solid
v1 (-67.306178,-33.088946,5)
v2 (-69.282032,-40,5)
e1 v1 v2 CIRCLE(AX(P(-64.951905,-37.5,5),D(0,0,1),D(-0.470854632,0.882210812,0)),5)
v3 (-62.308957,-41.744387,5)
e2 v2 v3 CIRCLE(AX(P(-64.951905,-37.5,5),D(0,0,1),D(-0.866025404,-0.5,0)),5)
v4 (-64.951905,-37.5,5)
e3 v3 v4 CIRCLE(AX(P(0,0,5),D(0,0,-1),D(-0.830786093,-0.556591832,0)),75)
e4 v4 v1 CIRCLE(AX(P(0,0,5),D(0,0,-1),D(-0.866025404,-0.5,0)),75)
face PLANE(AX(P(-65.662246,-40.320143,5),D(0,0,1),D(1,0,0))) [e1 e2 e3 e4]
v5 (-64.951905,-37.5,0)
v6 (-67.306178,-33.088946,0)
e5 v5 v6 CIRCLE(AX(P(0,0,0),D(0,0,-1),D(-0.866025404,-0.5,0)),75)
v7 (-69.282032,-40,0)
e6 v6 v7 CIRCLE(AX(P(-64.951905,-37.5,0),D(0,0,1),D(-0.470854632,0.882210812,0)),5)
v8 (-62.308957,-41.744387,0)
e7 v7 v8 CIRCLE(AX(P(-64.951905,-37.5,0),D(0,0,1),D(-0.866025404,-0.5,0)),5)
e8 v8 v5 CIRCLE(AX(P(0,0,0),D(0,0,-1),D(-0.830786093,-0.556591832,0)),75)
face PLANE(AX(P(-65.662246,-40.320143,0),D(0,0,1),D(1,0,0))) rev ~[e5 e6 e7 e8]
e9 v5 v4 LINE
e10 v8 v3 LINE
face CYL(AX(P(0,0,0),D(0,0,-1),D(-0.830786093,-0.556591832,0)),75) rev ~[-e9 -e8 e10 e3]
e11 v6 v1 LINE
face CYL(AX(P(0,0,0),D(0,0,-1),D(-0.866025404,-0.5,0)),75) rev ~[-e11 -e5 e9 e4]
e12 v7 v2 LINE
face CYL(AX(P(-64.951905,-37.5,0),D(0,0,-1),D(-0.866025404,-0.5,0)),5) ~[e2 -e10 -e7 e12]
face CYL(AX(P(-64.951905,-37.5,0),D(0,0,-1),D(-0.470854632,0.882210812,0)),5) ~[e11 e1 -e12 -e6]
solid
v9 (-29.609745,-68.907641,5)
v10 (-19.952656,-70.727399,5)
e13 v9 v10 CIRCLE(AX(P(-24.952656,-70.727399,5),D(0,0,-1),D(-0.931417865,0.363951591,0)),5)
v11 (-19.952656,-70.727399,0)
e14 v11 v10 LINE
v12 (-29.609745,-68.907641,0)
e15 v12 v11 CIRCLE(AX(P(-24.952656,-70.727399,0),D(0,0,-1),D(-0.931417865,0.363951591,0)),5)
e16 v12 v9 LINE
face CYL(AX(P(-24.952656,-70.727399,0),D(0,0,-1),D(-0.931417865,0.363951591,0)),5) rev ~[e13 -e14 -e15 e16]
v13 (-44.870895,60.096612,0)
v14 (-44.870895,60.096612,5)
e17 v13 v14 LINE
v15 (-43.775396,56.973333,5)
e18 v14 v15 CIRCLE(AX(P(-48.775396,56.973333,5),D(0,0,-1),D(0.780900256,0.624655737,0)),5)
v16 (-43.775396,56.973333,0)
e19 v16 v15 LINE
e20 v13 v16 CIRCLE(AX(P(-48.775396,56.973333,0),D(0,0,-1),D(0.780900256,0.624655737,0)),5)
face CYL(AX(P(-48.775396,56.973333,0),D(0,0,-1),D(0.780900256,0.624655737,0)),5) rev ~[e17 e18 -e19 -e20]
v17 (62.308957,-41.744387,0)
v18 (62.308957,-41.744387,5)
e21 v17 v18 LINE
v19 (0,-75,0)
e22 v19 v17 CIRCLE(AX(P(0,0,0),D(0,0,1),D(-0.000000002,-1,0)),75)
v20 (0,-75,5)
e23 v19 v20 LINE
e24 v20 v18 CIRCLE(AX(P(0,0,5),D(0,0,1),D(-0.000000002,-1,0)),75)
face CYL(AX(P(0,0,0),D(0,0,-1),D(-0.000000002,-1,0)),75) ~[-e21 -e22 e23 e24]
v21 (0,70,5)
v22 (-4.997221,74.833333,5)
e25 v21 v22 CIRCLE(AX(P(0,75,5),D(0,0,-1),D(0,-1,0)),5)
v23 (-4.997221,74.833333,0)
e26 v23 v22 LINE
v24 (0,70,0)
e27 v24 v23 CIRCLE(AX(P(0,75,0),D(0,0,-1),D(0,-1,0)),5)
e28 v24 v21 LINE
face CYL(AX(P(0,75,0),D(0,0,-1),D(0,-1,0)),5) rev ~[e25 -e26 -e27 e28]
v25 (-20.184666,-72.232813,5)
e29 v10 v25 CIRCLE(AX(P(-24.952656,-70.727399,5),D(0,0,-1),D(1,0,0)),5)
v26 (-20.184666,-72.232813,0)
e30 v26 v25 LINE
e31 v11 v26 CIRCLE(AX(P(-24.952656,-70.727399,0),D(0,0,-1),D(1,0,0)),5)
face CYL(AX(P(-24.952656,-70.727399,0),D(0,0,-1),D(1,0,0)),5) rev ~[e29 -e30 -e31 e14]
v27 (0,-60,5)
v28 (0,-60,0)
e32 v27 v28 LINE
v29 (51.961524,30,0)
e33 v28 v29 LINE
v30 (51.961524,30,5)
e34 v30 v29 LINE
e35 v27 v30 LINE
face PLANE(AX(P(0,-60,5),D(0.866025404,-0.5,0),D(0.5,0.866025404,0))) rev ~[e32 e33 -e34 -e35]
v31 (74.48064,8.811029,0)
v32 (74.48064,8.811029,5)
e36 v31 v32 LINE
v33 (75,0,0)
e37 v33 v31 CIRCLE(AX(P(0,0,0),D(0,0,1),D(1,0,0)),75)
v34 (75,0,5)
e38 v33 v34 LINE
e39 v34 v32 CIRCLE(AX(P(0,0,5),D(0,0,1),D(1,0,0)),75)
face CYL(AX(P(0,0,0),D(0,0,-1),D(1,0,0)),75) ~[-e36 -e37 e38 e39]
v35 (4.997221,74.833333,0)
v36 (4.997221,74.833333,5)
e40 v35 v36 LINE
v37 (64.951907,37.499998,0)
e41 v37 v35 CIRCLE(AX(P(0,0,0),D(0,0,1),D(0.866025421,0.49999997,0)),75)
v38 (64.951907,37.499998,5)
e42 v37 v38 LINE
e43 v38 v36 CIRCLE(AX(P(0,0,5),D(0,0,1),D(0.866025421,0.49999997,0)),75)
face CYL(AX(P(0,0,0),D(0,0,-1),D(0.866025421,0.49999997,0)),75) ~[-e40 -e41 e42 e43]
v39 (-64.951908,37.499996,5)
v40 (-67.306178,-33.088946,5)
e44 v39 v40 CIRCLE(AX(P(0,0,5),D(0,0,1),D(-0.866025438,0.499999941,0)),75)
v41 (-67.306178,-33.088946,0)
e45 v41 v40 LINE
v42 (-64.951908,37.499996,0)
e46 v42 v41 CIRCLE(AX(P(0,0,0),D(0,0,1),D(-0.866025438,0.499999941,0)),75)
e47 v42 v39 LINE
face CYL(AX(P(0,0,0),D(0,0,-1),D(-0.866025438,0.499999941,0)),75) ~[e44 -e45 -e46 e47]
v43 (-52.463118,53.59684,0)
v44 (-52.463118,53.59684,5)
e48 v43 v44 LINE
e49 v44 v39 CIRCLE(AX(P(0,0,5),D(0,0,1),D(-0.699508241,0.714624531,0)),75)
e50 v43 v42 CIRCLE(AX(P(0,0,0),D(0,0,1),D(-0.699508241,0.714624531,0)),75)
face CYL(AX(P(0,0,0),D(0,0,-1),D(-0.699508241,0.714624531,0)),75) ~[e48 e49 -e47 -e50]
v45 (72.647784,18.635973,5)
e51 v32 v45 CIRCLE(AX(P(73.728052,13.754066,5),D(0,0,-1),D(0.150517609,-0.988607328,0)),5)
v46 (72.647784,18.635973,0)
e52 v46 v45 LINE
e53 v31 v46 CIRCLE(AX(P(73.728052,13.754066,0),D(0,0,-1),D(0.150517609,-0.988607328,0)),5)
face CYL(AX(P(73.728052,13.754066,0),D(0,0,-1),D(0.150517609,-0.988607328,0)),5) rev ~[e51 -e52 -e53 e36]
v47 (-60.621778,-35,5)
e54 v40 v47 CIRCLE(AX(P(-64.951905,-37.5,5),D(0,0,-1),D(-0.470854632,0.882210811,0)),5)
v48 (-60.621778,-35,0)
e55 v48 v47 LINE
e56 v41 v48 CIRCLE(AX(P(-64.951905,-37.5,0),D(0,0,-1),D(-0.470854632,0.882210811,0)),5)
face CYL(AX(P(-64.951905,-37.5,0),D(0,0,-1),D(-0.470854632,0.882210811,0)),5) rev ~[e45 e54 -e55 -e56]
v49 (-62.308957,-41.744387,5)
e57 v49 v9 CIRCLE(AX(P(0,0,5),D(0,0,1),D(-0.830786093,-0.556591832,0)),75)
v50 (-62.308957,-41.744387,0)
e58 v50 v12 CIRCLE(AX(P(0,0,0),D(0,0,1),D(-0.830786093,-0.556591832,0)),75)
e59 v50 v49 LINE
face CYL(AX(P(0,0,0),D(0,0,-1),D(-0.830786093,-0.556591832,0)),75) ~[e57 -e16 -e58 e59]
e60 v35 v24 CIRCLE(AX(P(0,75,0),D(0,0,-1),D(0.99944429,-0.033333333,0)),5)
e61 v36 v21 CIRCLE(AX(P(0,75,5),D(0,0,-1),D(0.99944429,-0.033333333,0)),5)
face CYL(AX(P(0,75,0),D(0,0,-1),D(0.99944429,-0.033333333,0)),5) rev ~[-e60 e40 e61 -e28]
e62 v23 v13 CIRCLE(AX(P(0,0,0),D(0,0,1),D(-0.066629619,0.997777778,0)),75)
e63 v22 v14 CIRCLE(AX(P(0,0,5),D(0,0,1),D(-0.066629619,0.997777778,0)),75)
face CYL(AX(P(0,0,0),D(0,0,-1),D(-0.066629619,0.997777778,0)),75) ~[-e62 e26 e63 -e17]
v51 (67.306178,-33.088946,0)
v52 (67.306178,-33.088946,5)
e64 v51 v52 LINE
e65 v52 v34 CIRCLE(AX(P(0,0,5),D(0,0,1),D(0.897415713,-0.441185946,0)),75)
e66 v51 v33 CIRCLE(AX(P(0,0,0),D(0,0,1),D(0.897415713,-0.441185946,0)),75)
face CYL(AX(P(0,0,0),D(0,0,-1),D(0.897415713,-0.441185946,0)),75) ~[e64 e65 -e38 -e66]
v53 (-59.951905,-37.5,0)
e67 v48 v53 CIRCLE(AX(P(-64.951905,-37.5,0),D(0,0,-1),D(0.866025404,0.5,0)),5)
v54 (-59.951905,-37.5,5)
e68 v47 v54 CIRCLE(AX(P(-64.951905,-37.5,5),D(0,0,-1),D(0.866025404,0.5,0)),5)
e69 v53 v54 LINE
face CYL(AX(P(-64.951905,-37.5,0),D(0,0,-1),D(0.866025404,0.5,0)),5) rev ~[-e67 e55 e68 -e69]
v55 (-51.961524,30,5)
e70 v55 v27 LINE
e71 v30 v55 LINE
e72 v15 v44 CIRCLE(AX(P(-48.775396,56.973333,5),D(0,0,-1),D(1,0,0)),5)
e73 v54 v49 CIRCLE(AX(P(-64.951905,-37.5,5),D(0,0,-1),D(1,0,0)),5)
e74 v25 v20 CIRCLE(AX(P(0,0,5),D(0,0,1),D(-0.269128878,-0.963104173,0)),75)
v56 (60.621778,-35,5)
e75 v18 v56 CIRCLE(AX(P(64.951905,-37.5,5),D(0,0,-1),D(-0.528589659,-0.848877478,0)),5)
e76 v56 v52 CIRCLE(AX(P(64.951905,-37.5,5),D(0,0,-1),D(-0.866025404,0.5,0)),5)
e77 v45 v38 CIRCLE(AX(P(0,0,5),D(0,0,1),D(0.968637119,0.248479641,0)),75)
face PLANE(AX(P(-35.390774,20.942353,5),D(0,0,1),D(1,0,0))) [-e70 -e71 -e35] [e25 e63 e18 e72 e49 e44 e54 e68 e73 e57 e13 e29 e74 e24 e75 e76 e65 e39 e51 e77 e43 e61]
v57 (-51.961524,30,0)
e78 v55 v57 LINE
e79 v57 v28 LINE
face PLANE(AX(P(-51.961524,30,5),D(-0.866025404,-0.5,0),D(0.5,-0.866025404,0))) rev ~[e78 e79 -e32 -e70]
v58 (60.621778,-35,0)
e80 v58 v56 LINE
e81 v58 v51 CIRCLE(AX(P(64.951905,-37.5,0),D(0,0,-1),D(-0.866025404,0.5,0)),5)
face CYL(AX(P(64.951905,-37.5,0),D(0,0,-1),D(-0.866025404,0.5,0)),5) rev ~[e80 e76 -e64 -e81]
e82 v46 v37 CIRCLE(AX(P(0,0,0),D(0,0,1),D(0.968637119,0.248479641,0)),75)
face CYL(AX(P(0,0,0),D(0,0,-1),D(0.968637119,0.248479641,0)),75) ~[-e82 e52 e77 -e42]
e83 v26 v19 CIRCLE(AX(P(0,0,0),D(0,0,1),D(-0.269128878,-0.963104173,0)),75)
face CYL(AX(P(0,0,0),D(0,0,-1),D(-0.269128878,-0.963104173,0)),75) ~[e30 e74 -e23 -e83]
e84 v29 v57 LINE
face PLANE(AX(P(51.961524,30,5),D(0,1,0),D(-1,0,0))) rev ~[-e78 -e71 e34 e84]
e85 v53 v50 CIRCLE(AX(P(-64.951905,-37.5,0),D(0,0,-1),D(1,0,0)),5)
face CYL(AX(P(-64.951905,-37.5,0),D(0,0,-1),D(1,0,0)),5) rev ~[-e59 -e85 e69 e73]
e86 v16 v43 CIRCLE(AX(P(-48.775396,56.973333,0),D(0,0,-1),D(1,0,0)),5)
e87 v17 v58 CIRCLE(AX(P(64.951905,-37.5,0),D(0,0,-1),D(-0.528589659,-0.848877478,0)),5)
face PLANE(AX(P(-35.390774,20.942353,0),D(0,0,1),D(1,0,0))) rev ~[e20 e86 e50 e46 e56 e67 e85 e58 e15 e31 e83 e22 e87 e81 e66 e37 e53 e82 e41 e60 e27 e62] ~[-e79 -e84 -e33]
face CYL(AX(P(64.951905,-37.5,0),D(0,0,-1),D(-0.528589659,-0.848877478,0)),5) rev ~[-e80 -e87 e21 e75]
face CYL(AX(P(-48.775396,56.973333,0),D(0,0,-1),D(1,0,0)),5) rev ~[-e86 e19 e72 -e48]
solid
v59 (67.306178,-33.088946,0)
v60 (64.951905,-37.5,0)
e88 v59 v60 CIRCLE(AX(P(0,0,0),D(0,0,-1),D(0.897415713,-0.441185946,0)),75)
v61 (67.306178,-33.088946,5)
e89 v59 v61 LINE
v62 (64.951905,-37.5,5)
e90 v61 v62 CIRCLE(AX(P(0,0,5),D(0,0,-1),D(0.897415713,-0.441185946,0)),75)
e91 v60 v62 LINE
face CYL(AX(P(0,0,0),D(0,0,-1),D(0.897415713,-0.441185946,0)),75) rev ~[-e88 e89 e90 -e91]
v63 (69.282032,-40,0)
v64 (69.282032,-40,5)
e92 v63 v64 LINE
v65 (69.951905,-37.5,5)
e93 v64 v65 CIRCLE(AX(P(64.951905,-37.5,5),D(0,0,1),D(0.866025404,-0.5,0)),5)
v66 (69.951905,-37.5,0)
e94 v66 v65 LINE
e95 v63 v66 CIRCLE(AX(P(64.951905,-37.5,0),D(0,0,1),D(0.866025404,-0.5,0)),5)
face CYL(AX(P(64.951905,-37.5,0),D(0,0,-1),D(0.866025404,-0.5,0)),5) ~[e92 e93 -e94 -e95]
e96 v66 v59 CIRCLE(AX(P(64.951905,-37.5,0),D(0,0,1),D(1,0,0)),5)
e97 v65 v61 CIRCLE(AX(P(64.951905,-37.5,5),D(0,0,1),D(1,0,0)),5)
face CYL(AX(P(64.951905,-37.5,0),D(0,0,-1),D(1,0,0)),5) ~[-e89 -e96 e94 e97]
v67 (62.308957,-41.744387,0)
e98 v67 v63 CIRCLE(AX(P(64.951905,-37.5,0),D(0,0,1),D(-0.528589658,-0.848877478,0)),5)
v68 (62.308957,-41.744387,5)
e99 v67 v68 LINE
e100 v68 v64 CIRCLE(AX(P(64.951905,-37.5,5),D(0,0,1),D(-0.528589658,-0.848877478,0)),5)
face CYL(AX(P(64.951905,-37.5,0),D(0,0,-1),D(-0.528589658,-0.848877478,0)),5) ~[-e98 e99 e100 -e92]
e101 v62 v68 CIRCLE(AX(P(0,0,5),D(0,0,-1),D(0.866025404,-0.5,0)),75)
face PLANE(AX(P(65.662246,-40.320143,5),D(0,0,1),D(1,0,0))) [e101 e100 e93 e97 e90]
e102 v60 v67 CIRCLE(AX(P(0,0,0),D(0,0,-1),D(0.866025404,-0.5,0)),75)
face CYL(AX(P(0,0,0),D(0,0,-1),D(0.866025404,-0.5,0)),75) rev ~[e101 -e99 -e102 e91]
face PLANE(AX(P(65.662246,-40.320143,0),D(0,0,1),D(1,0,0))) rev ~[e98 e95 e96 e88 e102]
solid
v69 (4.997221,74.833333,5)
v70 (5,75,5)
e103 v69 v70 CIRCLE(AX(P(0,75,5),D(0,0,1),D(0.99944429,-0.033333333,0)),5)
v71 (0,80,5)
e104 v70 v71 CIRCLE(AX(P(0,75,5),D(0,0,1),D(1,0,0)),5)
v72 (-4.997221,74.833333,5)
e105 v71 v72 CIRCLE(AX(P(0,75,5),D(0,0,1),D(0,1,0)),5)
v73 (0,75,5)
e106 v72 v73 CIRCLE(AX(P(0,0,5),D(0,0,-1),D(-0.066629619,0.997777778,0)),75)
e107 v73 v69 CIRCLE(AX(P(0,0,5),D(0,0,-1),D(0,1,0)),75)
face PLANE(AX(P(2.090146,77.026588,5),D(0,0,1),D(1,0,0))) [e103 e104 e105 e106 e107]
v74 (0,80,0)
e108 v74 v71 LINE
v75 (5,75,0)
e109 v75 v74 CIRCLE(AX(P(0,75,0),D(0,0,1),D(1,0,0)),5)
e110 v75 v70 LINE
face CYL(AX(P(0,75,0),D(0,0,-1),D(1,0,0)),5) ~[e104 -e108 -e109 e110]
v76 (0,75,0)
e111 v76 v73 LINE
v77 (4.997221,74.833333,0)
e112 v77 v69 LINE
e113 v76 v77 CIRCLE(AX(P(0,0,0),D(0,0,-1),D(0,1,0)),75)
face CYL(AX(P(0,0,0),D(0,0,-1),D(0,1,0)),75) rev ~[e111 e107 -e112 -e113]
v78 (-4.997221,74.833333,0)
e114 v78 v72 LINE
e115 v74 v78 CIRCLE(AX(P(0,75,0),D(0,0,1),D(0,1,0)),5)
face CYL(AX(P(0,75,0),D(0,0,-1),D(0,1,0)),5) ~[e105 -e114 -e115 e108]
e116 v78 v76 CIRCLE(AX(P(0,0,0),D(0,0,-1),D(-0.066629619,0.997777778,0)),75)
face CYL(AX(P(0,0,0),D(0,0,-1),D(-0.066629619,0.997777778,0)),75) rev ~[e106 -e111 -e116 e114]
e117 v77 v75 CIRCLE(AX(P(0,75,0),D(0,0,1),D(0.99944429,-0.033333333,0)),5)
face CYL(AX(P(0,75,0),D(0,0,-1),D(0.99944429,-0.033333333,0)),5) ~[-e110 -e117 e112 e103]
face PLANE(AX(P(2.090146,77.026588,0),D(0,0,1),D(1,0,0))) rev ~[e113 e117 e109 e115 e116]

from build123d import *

# Parameters (mm, degrees)
F1_DEPTH = 5
F3_DEPTH = 25


with BuildPart() as f1:
    # F0 (on Top) → F1 (new body)
    with BuildSketch(Plane.XY):
        with BuildLine():
            Line((-60.6217782649, -35), (0, 0))
            Line((0, 0), (0, 70))
            ThreePointArc((0, 70), (-3.4761089358, 71.4060235579), (-4.9972214502, 74.8333333333))
            ThreePointArc((-4.9972214502, 74.8333333333), (-26, 70.3491293478), (-44.8708950659, 60.0966120175))
            ThreePointArc((-44.8708950659, 60.0966120175), (-44.0572130953, 58.6282492814), (-43.7753963478, 56.9733333333))
            ThreePointArc((-43.7753963478, 56.9733333333), (-46.964127278, 52.3129358871), (-52.4631180905, 53.5968398343))
            ThreePointArc((-52.4631180905, 53.5968398343), (-59.2566382592, 45.9744583678), (-64.9519078458, 37.4999955625))
            ThreePointArc((-64.9519078458, 37.4999955625), (-74.9583218382, 2.4999974394), (-67.3061784416, -33.0889459425))
            ThreePointArc((-67.3061784416, -33.0889459425), (-63.5774848522, -32.6926131342), (-60.6217782649, -35))
        make_face()
        with BuildLine():
            ThreePointArc((62.3089569914, -41.7443873909), (60.1013759165, -38.7134104236), (60.6217782649, -35))
            Line((60.6217782649, -35), (0, 0))
            Line((0, 0), (-60.6217782649, -35))
            ThreePointArc((-60.6217782649, -35), (-60.1222761524, -36.2059047745), (-59.9519052838, -37.5))
            ThreePointArc((-59.9519052838, -37.5), (-60.5807074239, -39.9274738452), (-62.3089569914, -41.7443873909))
            ThreePointArc((-62.3089569914, -41.7443873909), (-47.9241331494, -57.6912251723), (-29.6097451556, -68.9076410264))
            ThreePointArc((-29.6097451556, -68.9076410264), (-24.0267634569, -65.8138744531), (-19.952655831, -70.7273989836))
            ThreePointArc((-19.952655831, -70.7273989836), (-20.010998716, -71.4889926791), (-20.1846658138, -72.2328129452))
            ThreePointArc((-20.1846658138, -72.2328129452), (-10.186732339, -74.3049829033), (-1.182e-07, -75))
            ThreePointArc((-1.182e-07, -75), (35.3140973148, -66.1658108908), (62.3089569914, -41.7443873909))
        make_face()
        with BuildLine():
            ThreePointArc((67.3061784416, -33.0889459425), (73.0512264891, -16.9858266928), (75, 0))
            ThreePointArc((75, 0), (74.870047471, 4.4131611905), (74.4806402215, 8.8110290088))
            ThreePointArc((74.4806402215, 8.8110290088), (68.8128487003, 12.8371279402), (72.6477839043, 18.6359731109))
            ThreePointArc((72.6477839043, 18.6359731109), (69.4433694571, 28.3305213232), (64.9519065756, 37.4999977625))
            ThreePointArc((64.9519065756, 37.4999977625), (39.6442254825, 63.6658101802), (4.9972214502, 74.8333333333))
            ThreePointArc((4.9972214502, 74.8333333333), (3.4761089358, 71.4060235579), (0, 70))
            Line((0, 70), (0, 0))
            Line((0, 0), (60.6217782649, -35))
            ThreePointArc((60.6217782649, -35), (63.5774848522, -32.6926131342), (67.3061784416, -33.0889459425))
        make_face()
    extrude(amount=F1_DEPTH)

    # F2 (on face) → F3 (cut)
    with BuildSketch(Plane.XY.offset(5)):
        Polygon((51.9615242271, 30), (-51.9615242271, 30), (0, -60), align=None)
    extrude(amount=-F3_DEPTH, mode=Mode.SUBTRACT)


with BuildPart() as f1b:
    # F0 (on Top) → F1, piece 2 (new body)
    with BuildSketch(Plane.XY):
        with BuildLine():
            ThreePointArc((0, 75), (2.5, 74.9583217528), (4.9972214502, 74.8333333333))
            ThreePointArc((4.9972214502, 74.8333333333), (4.9993053143, 74.916655087), (5, 75))
            ThreePointArc((5, 75), (3.5355339059, 78.5355339059), (0, 80))
            Line((0, 80), (0, 75))
        make_face()
        with BuildLine():
            ThreePointArc((-4.9972214502, 74.8333333333), (-2.5, 74.9583217528), (0, 75))
            Line((0, 75), (0, 80))
            ThreePointArc((0, 80), (-3.5939764421, 78.4761089358), (-4.9972214502, 74.8333333333))
        make_face()
    extrude(amount=F1_DEPTH)


with BuildPart() as f1c:
    # F0 (on Top) → F1, piece 3 (new body)
    with BuildSketch(Plane.XY):
        with BuildLine():
            ThreePointArc((-62.3089569914, -41.7443873909), (-63.665810863, -39.6442243859), (-64.9519052838, -37.5))
            Line((-64.9519052838, -37.5), (-69.2820323028, -40))
            ThreePointArc((-69.2820323028, -40), (-66.1653157075, -42.3505293674), (-62.3089569914, -41.7443873909))
        make_face()
        with BuildLine():
            Line((-69.2820323028, -40), (-64.9519052838, -37.5))
            ThreePointArc((-64.9519052838, -37.5), (-66.165810863, -35.314097367), (-67.3061784416, -33.0889459425))
            ThreePointArc((-67.3061784416, -33.0889459425), (-69.7592921496, -36.1255795684), (-69.2820323028, -40))
        make_face()
    extrude(amount=F1_DEPTH)


with BuildPart() as f1d:
    # F0 (on Top) → F1, piece 4 (new body)
    with BuildSketch(Plane.XY):
        with BuildLine():
            Line((69.2820323028, -40), (64.9519052838, -37.5))
            ThreePointArc((64.9519052838, -37.5), (63.665810863, -39.6442243859), (62.3089569914, -41.7443873909))
            ThreePointArc((62.3089569914, -41.7443873909), (66.1653157075, -42.3505293674), (69.2820323028, -40))
        make_face()
        with BuildLine():
            ThreePointArc((69.9519052838, -37.5), (69.2397582308, -34.9281685309), (67.3061784416, -33.0889459425))
            ThreePointArc((67.3061784416, -33.0889459425), (66.165810863, -35.314097367), (64.9519052838, -37.5))
            Line((64.9519052838, -37.5), (69.2820323028, -40))
            ThreePointArc((69.2820323028, -40), (69.7815344153, -38.7940952255), (69.9519052838, -37.5))
        make_face()
    extrude(amount=F1_DEPTH)


solid = Compound([f1.part, f1b.part, f1c.part, f1d.part])
